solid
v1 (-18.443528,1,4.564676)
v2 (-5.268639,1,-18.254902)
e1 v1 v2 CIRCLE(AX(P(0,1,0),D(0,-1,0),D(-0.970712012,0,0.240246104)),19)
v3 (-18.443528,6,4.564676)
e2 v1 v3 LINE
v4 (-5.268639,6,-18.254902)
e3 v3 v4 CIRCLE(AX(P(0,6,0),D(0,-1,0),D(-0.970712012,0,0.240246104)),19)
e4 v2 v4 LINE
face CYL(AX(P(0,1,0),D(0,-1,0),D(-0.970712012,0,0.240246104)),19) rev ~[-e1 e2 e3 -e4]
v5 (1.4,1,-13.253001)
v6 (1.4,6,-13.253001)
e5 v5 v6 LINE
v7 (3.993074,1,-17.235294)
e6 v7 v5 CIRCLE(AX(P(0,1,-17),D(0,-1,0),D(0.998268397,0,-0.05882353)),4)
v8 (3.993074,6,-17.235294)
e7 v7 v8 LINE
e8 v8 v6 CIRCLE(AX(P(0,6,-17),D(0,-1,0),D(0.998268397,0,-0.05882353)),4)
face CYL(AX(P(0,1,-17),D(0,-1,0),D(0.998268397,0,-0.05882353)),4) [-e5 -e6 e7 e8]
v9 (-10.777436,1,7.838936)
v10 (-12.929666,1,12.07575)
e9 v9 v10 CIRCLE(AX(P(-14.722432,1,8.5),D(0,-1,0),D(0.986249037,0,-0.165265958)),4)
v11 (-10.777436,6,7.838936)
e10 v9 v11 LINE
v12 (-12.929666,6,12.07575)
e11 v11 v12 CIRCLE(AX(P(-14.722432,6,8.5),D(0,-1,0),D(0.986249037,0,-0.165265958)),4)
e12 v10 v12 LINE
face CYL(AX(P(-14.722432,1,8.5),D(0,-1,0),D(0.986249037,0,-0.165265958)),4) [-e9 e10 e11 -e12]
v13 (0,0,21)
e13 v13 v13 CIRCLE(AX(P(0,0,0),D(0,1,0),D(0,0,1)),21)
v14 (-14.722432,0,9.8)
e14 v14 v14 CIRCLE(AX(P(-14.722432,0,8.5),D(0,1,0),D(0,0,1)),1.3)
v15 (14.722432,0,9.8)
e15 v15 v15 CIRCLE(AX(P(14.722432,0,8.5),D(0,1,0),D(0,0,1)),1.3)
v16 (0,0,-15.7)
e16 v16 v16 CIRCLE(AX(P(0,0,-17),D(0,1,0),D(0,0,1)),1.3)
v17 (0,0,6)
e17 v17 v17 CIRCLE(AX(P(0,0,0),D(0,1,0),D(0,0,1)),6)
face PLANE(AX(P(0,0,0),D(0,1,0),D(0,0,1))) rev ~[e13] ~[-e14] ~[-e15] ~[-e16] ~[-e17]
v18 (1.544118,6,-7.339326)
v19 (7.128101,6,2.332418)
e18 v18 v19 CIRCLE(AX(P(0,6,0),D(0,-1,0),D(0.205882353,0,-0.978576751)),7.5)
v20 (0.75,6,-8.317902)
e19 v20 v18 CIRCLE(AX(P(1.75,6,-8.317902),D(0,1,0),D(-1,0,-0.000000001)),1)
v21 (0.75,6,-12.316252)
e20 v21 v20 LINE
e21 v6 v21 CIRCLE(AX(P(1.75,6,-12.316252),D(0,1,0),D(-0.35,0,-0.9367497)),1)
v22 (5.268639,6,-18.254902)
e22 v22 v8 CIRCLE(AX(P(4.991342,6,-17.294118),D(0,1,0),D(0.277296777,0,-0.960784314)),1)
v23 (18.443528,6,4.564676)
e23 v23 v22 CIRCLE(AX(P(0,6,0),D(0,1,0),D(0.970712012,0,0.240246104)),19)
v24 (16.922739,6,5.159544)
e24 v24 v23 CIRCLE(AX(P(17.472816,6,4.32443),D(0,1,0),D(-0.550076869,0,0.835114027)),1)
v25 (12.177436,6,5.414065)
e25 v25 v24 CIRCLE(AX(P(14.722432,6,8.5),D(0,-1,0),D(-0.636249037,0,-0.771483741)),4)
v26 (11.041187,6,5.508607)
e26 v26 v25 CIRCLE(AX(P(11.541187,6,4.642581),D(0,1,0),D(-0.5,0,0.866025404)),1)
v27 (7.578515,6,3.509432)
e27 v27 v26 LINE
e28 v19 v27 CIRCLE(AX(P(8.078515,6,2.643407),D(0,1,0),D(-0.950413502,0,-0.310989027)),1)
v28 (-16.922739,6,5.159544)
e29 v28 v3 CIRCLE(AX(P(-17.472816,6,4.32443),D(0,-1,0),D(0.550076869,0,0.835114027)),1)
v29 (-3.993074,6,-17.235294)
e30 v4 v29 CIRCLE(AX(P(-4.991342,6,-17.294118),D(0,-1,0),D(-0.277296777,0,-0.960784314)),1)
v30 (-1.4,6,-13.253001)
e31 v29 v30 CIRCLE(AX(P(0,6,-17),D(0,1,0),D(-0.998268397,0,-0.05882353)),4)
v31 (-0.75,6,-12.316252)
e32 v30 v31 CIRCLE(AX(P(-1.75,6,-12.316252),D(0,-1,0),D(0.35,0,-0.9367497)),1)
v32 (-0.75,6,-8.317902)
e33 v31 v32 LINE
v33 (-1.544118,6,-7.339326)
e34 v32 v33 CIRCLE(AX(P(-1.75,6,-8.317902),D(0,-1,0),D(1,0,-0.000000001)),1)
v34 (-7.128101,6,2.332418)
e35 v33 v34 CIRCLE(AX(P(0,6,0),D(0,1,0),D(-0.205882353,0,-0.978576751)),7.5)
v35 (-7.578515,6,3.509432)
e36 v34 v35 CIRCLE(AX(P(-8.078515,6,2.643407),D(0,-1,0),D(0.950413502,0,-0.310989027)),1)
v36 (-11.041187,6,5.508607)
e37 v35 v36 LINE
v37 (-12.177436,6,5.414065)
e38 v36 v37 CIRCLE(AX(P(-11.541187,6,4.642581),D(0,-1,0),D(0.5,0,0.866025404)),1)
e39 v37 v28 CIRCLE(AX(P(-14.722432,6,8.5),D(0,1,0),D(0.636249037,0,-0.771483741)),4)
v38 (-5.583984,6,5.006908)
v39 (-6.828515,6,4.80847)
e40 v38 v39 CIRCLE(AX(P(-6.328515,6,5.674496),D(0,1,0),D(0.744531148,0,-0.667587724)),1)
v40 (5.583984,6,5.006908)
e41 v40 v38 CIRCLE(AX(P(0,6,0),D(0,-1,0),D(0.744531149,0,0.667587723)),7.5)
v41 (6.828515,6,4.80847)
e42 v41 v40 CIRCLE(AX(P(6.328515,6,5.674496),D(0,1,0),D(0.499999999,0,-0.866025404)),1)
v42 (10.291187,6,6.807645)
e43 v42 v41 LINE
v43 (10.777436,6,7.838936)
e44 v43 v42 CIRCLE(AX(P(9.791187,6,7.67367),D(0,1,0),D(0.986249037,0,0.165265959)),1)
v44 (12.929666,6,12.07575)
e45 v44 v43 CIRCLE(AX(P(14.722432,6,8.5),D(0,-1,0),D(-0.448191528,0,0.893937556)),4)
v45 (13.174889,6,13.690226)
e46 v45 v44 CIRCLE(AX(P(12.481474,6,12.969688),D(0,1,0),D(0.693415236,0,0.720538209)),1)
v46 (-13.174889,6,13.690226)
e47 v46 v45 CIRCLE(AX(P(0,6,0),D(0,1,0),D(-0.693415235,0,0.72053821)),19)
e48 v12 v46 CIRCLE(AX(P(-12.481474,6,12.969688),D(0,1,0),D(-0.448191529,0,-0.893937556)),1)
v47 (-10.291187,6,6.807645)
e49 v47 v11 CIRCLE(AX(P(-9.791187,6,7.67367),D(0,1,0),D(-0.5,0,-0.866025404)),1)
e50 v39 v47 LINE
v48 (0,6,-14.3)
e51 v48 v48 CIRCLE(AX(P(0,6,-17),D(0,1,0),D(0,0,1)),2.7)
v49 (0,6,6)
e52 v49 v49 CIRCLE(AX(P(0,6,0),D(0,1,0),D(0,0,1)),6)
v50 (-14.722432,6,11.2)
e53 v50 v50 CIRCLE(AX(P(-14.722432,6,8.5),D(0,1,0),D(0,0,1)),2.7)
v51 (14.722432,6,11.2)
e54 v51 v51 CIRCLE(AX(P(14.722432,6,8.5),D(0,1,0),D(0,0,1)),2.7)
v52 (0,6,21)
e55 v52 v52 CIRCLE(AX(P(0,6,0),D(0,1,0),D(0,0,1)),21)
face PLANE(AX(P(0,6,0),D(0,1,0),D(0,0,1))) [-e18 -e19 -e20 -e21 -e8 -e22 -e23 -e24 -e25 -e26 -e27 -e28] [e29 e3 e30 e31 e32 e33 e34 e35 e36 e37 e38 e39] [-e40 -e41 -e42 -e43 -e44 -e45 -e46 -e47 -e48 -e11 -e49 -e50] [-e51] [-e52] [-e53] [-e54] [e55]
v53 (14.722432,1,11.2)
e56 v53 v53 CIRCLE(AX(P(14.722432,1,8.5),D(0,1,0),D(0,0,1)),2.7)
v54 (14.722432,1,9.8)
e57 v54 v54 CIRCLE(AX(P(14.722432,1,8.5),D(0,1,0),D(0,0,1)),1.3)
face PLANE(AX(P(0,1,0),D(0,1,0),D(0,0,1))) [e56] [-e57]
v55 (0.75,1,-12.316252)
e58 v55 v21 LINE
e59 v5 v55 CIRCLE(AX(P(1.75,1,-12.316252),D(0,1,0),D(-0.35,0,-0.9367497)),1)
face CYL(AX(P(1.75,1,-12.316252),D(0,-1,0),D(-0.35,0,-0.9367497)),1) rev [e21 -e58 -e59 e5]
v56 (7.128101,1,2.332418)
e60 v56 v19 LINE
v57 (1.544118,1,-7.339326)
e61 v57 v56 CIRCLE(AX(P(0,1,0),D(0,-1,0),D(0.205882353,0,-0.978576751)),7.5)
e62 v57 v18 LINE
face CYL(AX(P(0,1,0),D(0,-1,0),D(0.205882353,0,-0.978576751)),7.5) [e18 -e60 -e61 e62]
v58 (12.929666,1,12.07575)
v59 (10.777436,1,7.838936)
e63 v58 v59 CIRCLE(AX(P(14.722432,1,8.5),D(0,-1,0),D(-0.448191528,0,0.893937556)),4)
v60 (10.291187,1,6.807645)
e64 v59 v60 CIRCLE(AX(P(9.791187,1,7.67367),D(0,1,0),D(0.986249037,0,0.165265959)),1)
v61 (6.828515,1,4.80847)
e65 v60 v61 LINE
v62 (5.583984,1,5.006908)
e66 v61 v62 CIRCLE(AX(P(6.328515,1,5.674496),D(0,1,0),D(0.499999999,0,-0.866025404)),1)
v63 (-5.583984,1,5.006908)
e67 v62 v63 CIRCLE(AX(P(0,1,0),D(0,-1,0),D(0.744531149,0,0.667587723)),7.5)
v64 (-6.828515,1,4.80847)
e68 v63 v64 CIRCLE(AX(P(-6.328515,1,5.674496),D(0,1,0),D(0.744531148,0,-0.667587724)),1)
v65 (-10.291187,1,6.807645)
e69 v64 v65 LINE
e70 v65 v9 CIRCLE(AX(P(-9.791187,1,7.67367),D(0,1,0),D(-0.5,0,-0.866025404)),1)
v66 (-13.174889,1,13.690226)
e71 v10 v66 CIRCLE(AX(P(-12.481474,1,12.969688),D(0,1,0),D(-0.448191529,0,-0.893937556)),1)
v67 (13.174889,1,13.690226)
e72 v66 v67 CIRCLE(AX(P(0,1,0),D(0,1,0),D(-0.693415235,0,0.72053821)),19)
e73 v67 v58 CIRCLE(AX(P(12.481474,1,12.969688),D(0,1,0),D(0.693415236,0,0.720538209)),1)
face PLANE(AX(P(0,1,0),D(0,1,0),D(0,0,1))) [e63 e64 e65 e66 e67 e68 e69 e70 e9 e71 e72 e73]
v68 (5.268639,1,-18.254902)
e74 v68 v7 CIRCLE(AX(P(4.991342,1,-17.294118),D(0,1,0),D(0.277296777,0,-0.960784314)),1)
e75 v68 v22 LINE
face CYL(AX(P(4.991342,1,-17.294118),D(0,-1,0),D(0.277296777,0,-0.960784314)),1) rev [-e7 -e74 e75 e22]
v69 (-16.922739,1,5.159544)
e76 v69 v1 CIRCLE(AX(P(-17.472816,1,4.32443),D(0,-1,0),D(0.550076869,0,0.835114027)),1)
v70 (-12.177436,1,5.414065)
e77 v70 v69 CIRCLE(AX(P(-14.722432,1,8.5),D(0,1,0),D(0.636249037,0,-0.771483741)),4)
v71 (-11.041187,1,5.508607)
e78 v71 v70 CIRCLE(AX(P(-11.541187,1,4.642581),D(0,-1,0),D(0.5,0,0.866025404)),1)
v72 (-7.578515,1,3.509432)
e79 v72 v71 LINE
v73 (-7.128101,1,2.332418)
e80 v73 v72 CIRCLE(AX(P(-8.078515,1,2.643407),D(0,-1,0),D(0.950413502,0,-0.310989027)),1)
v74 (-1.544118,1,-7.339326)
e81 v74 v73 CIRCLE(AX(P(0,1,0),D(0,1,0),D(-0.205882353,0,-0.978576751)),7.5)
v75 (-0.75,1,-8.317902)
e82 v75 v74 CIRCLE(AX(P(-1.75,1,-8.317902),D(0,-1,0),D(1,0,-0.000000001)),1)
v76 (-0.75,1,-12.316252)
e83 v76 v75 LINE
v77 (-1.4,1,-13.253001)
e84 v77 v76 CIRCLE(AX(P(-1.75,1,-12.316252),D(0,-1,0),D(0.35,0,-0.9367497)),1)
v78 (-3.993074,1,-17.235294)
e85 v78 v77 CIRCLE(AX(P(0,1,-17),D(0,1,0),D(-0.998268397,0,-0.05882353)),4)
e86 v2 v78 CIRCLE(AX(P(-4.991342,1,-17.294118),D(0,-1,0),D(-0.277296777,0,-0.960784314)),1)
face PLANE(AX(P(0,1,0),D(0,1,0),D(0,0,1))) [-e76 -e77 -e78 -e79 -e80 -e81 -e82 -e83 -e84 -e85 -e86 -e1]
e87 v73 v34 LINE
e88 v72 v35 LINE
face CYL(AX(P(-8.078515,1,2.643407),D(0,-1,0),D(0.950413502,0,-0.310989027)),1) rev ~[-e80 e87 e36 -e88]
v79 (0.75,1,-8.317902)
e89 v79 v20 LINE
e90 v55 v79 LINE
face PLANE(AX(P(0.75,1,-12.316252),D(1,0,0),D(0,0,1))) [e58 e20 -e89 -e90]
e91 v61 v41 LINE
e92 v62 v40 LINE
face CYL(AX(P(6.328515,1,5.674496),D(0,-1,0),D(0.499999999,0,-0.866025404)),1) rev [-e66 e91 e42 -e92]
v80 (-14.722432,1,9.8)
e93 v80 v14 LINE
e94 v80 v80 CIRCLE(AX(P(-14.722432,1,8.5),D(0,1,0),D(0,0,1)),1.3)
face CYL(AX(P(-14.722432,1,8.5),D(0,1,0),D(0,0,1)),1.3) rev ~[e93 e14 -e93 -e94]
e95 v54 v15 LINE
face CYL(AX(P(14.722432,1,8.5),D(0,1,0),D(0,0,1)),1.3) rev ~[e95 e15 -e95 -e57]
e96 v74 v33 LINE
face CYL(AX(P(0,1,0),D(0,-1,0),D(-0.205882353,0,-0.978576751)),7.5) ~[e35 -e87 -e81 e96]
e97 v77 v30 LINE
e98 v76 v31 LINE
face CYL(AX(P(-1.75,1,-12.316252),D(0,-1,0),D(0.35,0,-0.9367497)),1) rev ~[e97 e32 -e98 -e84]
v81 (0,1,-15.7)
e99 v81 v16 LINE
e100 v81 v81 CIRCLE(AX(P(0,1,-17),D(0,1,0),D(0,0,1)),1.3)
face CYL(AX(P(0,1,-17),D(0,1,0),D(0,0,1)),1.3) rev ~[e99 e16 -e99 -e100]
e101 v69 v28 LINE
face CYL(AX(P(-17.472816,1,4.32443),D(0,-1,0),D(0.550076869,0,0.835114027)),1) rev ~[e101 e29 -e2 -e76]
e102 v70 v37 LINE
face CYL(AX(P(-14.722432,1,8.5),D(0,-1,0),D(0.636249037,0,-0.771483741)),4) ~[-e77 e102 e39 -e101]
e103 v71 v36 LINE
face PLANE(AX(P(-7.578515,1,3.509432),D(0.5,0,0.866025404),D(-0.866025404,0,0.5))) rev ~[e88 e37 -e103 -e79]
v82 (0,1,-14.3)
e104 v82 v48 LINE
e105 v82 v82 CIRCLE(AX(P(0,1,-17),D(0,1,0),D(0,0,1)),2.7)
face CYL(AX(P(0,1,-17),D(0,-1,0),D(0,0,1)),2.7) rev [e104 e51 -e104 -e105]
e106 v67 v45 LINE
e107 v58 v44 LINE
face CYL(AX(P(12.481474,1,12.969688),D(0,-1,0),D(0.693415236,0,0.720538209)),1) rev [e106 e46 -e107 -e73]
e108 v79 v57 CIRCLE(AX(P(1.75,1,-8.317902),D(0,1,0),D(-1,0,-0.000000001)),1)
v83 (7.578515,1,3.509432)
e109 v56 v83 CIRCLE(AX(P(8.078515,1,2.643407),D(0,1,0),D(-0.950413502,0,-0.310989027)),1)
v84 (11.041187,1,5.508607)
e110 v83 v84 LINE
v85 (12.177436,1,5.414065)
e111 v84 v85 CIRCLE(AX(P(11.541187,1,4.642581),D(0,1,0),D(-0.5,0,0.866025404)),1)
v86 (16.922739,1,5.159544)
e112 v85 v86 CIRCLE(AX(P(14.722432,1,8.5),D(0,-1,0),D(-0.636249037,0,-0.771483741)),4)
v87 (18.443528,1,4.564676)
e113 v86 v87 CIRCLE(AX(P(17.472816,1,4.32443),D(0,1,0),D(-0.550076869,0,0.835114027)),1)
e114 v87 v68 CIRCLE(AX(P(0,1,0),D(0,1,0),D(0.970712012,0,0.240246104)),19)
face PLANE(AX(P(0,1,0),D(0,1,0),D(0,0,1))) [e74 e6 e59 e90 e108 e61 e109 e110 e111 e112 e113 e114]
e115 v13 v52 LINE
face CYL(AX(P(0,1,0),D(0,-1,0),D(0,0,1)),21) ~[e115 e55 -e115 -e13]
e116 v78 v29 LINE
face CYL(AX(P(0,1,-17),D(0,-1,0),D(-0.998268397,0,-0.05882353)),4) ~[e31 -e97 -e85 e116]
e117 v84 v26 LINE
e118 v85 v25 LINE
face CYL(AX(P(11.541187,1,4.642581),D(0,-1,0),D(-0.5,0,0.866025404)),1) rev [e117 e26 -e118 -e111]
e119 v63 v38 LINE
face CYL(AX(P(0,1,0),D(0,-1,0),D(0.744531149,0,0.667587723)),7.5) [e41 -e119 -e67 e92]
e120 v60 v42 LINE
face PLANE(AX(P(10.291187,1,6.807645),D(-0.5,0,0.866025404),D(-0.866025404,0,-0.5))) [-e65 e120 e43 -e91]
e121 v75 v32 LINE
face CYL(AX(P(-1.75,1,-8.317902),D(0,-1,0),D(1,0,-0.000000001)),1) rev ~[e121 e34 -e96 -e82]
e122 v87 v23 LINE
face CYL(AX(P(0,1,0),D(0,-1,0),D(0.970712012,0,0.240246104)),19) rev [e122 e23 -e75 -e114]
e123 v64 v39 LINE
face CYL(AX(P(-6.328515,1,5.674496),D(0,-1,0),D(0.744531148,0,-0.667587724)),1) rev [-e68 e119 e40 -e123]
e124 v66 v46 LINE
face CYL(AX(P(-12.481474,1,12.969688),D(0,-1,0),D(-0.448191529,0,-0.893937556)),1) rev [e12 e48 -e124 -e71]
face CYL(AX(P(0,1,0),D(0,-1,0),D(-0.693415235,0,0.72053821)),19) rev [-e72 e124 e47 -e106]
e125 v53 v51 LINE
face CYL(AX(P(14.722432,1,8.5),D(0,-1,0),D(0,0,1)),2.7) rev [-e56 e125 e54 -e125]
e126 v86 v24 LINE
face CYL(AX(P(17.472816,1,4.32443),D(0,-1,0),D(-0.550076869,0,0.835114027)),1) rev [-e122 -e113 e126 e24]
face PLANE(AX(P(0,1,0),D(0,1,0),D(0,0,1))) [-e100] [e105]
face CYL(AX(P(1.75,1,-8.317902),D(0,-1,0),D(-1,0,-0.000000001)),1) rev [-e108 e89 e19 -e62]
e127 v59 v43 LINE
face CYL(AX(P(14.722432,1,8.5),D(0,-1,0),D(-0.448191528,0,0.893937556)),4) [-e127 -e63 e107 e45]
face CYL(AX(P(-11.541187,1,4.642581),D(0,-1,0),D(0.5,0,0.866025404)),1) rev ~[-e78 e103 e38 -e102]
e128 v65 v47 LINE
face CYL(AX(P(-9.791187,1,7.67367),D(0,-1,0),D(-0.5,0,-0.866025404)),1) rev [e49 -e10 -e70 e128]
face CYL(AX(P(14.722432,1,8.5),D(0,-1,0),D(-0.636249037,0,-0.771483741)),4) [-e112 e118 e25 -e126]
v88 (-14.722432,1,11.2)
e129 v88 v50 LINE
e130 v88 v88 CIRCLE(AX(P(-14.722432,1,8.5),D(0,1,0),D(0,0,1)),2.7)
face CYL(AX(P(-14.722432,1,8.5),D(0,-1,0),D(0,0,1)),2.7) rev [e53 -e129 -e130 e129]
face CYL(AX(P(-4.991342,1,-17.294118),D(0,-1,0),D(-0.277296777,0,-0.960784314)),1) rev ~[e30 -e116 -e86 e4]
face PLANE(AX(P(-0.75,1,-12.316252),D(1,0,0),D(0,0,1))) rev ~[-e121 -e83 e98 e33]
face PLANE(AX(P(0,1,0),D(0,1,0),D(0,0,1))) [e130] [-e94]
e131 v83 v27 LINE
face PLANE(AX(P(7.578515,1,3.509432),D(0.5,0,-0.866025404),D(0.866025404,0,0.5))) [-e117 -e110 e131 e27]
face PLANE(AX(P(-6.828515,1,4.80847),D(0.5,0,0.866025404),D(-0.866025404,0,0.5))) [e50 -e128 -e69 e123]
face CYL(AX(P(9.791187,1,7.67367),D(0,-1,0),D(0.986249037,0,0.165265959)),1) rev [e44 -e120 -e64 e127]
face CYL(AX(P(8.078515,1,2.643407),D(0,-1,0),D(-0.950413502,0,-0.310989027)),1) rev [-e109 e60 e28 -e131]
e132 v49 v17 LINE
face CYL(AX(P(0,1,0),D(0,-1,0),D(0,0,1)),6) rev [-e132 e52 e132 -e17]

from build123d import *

# Parameters (mm, degrees)
SKETCH1_R           = 21
SKETCH1_R_2         = 6
BOSS_EXTRUDE1_DEPTH = 1
SKETCH2_R           = 21
SKETCH2_R_2         = 2.7
SKETCH2_R_3         = 6
BOSS_EXTRUDE2_DEPTH = 5
SKETCH3_R           = 1.3
CUT_EXTRUDE1_DEPTH  = 4


with BuildPart() as part:
    # Sketch1 → Boss-Extrude1 (new body)
    with BuildSketch(Plane(origin=(0, 0, 0), x_dir=(1, 0, 0), z_dir=(0, 1, 0))):
        with Locations(Location((0, 0, 0), (0, 0, 270))):
            Circle(SKETCH1_R)
        with Locations(Location((0, 0, 0), (0, 0, 270))):
            Circle(SKETCH1_R_2, mode=Mode.SUBTRACT)
    extrude(amount=BOSS_EXTRUDE1_DEPTH)

    # Sketch2 → Boss-Extrude2 (add)
    with BuildSketch(Plane(origin=(0, 1, 0), x_dir=(1, 0, 0), z_dir=(0, 1, 0))):
        with Locations(Location((0, 0, 0), (0, 0, 270))):
            Circle(SKETCH2_R)
        with Locations(Location((0, 17, 0), (0, 0, 270))):
            Circle(SKETCH2_R_2, mode=Mode.SUBTRACT)
        with Locations(Location((14.722431864, -8.5, 0), (0, 0, 270))):
            Circle(SKETCH2_R_2, mode=Mode.SUBTRACT)
        with Locations(Location((-14.722431864, -8.5, 0), (0, 0, 270))):
            Circle(SKETCH2_R_2, mode=Mode.SUBTRACT)
        with Locations(Location((0, 0, 0), (0, 0, 270))):
            Circle(SKETCH2_R_3, mode=Mode.SUBTRACT)
        with BuildLine():
            Line((-0.75, 12.316251501), (-0.75, 8.31790238))
            ThreePointArc((-0.75, 8.31790238), (-0.97350713, 7.687776342), (-1.544117647, 7.339325629))
            ThreePointArc((-1.544117647, 7.339325629), (-6.495190528, 3.75), (-7.128101265, -2.332417706))
            ThreePointArc((-7.128101265, -2.332417706), (-7.144563176, -3.000806265), (-7.578514767, -3.509432137))
            Line((-7.578514767, -3.509432137), (-11.041186679, -5.508606698))
            ThreePointArc((-11.041186679, -5.508606698), (-11.624105203, -5.639137624), (-12.177435716, -5.414065035))
            ThreePointArc((-12.177435716, -5.414065035), (-14.508194092, -4.505741348), (-16.922739342, -5.159543893))
            ThreePointArc((-16.922739342, -5.159543893), (-17.83709693, -5.255719057), (-18.443528223, -4.564675969))
            ThreePointArc((-18.443528223, -4.564675969), (-16.454482672, 9.5), (-5.268638762, 18.254901961))
            ThreePointArc((-5.268638762, 18.254901961), (-4.366962246, 18.075238599), (-3.993073588, 17.235294118))
            ThreePointArc((-3.993073588, 17.235294118), (-3.352010576, 14.817335321), (-1.4, 13.253001201))
            ThreePointArc((-1.4, 13.253001201), (-0.928416164, 12.886339214), (-0.75, 12.316251501))
        make_face(mode=Mode.SUBTRACT)
        with BuildLine():
            Line((0.75, 12.316251501), (0.75, 8.31790238))
            ThreePointArc((0.75, 8.31790238), (0.97350713, 7.687776342), (1.544117647, 7.339325629))
            ThreePointArc((1.544117647, 7.339325629), (6.495190528, 3.75), (7.128101265, -2.332417706))
            ThreePointArc((7.128101265, -2.332417706), (7.144563176, -3.000806265), (7.578514767, -3.509432137))
            Line((7.578514767, -3.509432137), (11.041186679, -5.508606698))
            ThreePointArc((11.041186679, -5.508606698), (11.624105203, -5.639137624), (12.177435716, -5.414065035))
            ThreePointArc((12.177435716, -5.414065035), (14.508194092, -4.505741348), (16.922739342, -5.159543893))
            ThreePointArc((16.922739342, -5.159543893), (17.83709693, -5.255719057), (18.443528223, -4.564675969))
            ThreePointArc((18.443528223, -4.564675969), (16.454482672, 9.5), (5.268638762, 18.254901961))
            ThreePointArc((5.268638762, 18.254901961), (4.366962246, 18.075238599), (3.993073588, 17.235294118))
            ThreePointArc((3.993073588, 17.235294118), (3.352010576, 14.817335321), (1.4, 13.253001201))
            ThreePointArc((1.4, 13.253001201), (0.928416164, 12.886339214), (0.75, 12.316251501))
        make_face(mode=Mode.SUBTRACT)
        with BuildLine():
            Line((10.291186679, -6.807644803), (6.828514767, -4.808470243))
            ThreePointArc((6.828514767, -4.808470243), (6.171056046, -4.686970077), (5.583983618, -5.006907923))
            ThreePointArc((5.583983618, -5.006907923), (0, -7.5), (-5.583983618, -5.006907923))
            ThreePointArc((-5.583983618, -5.006907923), (-6.171056046, -4.686970077), (-6.828514767, -4.808470243))
            Line((-6.828514767, -4.808470243), (-10.291186679, -6.807644803))
            ThreePointArc((-10.291186679, -6.807644803), (-10.695689039, -7.24720159), (-10.777435716, -7.838936166))
            ThreePointArc((-10.777435716, -7.838936166), (-11.156183517, -10.311593973), (-12.929665754, -12.075750225))
            ThreePointArc((-12.929665754, -12.075750225), (-13.470134683, -12.819519543), (-13.174889461, -13.690225991))
            ThreePointArc((-13.174889461, -13.690225991), (0, -19), (13.174889461, -13.690225991))
            ThreePointArc((13.174889461, -13.690225991), (13.470134683, -12.819519543), (12.929665754, -12.075750225))
            ThreePointArc((12.929665754, -12.075750225), (11.156183517, -10.311593973), (10.777435716, -7.838936166))
            ThreePointArc((10.777435716, -7.838936166), (10.695689039, -7.24720159), (10.291186679, -6.807644803))
        make_face(mode=Mode.SUBTRACT)
    extrude(amount=BOSS_EXTRUDE2_DEPTH)

    # Sketch3 → Cut-Extrude1 (cut)
    with BuildSketch(Plane(origin=(0, 1, 0), x_dir=(1, 0, 0), z_dir=(0, 1, 0))):
        with Locations(Location((-14.722431864, -8.5, 0), (0, 0, 270))):
            Circle(SKETCH3_R)
        with Locations(Location((14.722431864, -8.5, 0), (0, 0, 270))):
            Circle(SKETCH3_R)
        with Locations(Location((0, 17, 0), (0, 0, 270))):
            Circle(SKETCH3_R)
    extrude(amount=-CUT_EXTRUDE1_DEPTH, mode=Mode.SUBTRACT)


solid = part.part
